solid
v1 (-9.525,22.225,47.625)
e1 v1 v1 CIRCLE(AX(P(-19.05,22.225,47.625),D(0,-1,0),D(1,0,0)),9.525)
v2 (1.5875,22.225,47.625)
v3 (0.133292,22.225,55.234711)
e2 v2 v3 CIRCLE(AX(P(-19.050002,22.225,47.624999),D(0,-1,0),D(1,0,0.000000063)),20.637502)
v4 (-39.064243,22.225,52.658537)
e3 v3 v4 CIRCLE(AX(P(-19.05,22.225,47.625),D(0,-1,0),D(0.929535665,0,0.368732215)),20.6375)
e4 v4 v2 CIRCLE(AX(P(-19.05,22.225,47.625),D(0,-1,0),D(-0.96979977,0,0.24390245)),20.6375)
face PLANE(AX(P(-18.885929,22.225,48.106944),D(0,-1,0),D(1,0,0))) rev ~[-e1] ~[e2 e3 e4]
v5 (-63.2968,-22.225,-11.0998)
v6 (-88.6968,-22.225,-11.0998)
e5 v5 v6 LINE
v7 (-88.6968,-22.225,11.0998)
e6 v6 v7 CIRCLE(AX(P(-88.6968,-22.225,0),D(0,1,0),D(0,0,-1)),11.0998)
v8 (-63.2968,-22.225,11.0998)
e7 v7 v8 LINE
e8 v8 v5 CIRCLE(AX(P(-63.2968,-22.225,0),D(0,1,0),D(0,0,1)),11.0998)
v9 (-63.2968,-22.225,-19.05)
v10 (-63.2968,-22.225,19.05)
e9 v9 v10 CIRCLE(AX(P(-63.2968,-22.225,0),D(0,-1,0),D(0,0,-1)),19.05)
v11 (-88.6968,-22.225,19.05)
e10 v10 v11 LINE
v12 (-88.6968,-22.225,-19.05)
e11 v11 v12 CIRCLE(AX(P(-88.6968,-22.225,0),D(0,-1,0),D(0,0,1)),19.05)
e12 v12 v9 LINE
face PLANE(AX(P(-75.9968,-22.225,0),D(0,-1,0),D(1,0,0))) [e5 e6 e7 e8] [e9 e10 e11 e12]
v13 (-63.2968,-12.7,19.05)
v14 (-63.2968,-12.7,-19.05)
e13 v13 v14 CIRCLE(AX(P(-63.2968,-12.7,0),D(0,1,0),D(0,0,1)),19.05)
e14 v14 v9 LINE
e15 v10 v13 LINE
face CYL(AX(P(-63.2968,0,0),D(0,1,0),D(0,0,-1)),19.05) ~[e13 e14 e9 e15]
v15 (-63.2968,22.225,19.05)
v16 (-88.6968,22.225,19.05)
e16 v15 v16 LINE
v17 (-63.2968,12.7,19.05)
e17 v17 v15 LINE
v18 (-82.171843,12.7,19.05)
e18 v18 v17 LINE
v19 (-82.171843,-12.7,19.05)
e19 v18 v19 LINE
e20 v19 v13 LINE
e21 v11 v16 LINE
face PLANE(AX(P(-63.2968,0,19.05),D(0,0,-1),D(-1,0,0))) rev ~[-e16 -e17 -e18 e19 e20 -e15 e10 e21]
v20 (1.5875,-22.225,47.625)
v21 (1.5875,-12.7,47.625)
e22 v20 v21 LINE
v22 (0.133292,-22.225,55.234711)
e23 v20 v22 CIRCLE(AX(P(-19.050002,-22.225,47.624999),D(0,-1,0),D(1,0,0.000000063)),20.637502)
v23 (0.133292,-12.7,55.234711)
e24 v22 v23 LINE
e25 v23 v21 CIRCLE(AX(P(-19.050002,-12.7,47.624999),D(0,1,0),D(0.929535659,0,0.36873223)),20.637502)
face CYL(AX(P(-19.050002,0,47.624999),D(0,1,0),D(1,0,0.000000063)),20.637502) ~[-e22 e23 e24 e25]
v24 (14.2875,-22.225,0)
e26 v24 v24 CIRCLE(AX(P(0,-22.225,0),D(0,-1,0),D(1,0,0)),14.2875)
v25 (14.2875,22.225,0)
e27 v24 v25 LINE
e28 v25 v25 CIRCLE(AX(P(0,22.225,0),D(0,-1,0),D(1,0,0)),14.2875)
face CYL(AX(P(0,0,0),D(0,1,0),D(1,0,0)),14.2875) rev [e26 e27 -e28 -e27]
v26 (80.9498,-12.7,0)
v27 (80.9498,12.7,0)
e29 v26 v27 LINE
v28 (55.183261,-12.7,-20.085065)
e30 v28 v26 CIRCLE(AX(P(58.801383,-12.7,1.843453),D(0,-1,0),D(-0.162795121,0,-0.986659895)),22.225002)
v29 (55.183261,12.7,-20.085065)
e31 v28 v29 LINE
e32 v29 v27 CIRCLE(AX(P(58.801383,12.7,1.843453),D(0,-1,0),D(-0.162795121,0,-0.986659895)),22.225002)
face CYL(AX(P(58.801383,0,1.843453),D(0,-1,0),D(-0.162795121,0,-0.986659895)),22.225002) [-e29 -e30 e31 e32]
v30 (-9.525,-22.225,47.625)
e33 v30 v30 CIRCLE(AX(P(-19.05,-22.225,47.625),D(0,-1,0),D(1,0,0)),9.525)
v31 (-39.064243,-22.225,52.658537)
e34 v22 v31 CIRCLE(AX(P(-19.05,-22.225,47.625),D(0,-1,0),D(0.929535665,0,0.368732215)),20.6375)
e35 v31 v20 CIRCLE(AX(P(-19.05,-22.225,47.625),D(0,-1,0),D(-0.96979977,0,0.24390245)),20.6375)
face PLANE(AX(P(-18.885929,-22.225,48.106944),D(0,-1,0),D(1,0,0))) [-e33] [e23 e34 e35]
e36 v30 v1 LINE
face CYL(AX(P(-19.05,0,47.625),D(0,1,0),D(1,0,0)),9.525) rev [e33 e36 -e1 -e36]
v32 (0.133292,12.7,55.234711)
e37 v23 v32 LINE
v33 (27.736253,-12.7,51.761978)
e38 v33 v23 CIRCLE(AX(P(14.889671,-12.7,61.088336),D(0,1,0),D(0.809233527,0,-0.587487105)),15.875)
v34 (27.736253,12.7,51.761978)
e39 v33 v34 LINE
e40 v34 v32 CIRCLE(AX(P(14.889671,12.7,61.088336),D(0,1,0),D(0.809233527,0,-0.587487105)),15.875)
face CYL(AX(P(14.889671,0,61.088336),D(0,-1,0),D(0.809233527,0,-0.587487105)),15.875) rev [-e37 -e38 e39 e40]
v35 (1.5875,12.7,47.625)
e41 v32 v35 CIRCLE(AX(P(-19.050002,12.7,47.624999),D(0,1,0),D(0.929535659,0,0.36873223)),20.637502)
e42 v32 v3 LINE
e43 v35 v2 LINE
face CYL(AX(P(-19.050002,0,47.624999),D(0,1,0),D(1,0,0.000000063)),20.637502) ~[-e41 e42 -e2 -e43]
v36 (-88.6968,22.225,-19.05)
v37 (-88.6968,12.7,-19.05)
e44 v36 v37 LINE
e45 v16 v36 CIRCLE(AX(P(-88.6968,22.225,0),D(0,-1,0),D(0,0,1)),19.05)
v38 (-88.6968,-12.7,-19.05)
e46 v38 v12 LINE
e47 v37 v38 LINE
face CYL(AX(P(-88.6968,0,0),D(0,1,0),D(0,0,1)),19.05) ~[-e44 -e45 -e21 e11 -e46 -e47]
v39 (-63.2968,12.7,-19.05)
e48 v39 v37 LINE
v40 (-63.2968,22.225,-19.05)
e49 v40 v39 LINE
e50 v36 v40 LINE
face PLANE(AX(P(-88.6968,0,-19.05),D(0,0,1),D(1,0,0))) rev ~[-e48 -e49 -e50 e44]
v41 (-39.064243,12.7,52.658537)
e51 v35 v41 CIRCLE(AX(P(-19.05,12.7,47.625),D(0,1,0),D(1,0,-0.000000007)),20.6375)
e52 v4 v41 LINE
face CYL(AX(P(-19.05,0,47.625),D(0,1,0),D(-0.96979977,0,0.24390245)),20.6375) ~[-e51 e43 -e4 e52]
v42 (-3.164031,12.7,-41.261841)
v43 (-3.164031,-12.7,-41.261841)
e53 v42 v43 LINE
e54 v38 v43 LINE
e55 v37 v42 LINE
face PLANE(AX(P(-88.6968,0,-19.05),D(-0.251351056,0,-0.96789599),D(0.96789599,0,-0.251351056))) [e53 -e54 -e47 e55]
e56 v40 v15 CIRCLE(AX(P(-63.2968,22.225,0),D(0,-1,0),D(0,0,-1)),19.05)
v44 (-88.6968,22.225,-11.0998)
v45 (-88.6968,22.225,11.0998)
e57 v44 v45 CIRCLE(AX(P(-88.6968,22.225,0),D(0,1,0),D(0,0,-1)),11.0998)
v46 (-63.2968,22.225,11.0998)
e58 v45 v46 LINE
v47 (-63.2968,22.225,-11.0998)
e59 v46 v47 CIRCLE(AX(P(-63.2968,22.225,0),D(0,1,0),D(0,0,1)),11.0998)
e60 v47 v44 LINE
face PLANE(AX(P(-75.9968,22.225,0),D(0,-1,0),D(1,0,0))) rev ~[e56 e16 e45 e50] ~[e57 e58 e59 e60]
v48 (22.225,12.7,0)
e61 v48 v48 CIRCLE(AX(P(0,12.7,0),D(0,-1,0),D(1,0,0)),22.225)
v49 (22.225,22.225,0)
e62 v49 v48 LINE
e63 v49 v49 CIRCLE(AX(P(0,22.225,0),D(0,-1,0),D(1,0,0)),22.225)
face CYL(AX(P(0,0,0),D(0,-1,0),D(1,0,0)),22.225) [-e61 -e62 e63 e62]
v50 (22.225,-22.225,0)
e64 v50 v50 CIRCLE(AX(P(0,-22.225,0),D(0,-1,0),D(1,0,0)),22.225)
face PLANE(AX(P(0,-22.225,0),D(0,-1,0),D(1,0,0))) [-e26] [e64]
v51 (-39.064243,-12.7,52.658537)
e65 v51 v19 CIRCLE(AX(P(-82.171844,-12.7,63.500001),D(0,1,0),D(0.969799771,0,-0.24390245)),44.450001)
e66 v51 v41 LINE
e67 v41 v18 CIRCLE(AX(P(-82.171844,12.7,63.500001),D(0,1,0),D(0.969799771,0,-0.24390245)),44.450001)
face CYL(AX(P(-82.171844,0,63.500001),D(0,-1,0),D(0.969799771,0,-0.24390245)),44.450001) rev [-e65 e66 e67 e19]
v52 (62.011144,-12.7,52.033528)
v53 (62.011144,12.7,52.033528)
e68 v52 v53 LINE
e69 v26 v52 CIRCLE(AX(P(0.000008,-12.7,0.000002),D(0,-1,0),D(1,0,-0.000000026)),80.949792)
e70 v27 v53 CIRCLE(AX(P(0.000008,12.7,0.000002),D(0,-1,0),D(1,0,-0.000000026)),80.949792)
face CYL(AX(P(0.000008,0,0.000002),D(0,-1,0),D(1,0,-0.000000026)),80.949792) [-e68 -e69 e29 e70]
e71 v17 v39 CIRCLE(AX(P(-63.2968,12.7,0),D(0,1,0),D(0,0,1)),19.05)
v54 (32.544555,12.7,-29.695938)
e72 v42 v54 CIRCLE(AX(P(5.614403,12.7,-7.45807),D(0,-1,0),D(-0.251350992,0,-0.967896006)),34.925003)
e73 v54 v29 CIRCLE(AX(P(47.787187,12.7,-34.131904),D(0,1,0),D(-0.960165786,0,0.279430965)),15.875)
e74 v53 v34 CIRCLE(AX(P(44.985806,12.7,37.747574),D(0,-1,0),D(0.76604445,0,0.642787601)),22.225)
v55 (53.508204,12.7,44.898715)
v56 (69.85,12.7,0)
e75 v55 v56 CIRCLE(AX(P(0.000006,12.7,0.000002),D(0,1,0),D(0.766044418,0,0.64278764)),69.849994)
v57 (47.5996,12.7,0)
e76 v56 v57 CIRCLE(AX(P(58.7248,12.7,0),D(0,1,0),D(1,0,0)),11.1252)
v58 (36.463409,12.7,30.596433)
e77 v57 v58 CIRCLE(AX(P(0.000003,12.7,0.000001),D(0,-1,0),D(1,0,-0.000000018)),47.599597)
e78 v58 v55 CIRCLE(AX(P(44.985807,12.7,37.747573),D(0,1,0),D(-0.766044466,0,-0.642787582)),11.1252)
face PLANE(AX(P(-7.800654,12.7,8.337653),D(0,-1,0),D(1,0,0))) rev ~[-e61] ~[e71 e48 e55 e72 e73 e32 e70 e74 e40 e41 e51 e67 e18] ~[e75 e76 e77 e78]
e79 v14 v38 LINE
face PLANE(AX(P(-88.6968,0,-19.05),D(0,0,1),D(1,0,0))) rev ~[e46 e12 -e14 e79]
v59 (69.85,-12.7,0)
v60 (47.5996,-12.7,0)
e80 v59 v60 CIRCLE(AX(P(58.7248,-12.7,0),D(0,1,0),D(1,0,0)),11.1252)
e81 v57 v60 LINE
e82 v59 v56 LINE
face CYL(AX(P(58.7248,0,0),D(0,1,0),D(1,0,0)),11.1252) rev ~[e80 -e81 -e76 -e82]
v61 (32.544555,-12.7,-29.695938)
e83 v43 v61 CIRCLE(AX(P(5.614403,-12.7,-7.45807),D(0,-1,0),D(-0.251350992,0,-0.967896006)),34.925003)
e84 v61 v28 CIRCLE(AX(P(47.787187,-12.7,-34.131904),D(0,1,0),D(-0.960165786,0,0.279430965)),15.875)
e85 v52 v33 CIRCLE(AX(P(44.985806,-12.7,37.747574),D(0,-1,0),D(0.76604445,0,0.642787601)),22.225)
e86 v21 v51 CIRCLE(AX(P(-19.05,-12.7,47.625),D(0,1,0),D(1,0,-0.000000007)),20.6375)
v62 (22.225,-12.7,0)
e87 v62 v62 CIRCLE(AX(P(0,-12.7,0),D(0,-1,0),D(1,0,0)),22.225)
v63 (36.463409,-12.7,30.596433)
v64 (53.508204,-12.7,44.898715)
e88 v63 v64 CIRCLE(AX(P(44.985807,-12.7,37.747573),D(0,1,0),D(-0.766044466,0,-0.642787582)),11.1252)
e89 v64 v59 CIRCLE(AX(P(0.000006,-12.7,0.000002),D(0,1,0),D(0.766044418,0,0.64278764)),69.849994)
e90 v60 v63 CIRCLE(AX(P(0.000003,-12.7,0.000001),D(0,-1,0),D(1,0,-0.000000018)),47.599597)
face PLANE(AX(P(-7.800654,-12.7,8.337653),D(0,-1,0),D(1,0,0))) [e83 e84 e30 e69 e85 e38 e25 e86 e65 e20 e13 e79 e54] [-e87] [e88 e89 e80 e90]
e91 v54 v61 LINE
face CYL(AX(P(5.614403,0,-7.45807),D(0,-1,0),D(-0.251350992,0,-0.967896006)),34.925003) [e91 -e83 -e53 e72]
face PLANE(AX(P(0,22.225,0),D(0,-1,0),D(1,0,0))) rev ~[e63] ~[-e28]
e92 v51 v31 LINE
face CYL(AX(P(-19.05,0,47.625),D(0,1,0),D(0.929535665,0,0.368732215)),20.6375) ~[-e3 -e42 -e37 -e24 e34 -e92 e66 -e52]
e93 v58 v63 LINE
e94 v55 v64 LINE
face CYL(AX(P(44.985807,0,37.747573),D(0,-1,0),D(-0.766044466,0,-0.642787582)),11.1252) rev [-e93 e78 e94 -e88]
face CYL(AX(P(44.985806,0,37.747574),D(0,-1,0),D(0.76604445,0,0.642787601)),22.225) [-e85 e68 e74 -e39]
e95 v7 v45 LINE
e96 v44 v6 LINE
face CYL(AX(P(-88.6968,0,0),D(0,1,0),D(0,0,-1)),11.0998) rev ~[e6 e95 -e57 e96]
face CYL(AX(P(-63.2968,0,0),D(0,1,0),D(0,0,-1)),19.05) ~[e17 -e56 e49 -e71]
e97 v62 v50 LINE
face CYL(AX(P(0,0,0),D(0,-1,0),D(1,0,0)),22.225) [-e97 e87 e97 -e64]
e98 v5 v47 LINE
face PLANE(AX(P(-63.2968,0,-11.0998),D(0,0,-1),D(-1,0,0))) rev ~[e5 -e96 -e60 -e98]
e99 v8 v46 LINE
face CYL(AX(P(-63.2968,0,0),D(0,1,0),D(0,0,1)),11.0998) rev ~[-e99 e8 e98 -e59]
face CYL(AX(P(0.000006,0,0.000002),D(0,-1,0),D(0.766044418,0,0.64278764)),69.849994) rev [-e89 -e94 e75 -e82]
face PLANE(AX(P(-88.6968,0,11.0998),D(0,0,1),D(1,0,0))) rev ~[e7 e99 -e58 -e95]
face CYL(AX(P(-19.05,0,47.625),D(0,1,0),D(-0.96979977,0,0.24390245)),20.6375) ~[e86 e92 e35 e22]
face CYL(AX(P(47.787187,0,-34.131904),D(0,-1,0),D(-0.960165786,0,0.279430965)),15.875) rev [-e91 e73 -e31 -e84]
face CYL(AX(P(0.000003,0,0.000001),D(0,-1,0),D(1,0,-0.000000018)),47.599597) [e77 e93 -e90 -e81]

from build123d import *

# Parameters (mm, degrees)
F0_R     = 22.225
F1_DEPTH = 12.7
F0_R_2   = 9.525
F0_R_3   = 14.2875
F2_DEPTH = 22.225


with BuildPart() as f1:
    # F0 (on Front) → F1 (new body, symmetric)
    with BuildSketch(Plane.XZ):
        with BuildLine():
            ThreePointArc((-39.064243, 52.658537), (-54.841462, 28.445004), (-82.171843, 19.05))
            Line((-82.171843, 19.05), (-63.2968, 19.05))
            ThreePointArc((-63.2968, 19.05), (-44.2468, 0), (-63.2968, -19.05))
            Line((-63.2968, -19.05), (-88.6968, -19.05))
            Line((-88.6968, -19.05), (-3.164031, -41.261841))
            ThreePointArc((-3.164031, -41.261841), (16.376083, -40.683694), (32.544555, -29.695938))
            ThreePointArc((32.544555, -29.695938), (41.583612, -19.519195), (55.183261, -20.085065))
            ThreePointArc((55.183261, -20.085065), (72.465036, -15.685246), (80.9498, 0))
            ThreePointArc((80.9498, 0), (76.06793, 27.686462), (62.011144, 52.033528))
            ThreePointArc((62.011144, 52.033528), (44.80973, 59.971876), (27.736253, 51.761978))
            ThreePointArc((27.736253, 51.761978), (12.908055, 45.3375), (0.133292, 55.234711))
            ThreePointArc((0.133292, 55.234711), (1.220688, 51.498707), (1.5875, 47.625))
            ThreePointArc((1.5875, 47.625), (-21.585988, 27.143907), (-39.064243, 52.658537))
        make_face()
        Circle(F0_R, mode=Mode.SUBTRACT)
        with BuildLine():
            ThreePointArc((69.85, 0), (58.7248, -11.1252), (47.5996, 0))
            ThreePointArc((47.5996, 0), (44.728993, 16.280022), (36.463409, 30.596433))
            ThreePointArc((36.463409, 30.596433), (37.834666, 46.269971), (53.508204, 44.898715))
            ThreePointArc((53.508204, 44.898715), (65.63753, 23.890107), (69.85, 0))
        make_face(mode=Mode.SUBTRACT)
    extrude(amount=F1_DEPTH, both=True)

    # F0 (on Front) → F2 (join, symmetric)
    with BuildSketch(Plane.XZ):
        with BuildLine():
            ThreePointArc((0.133292, 55.234711), (-20.403436, 68.218072), (-39.064243, 52.658537))
            ThreePointArc((-39.064243, 52.658537), (-21.585988, 27.143907), (1.5875, 47.625))
            ThreePointArc((1.5875, 47.625), (1.220688, 51.498707), (0.133292, 55.234711))
        make_face()
        with Locations((-19.05, 47.625)):
            Circle(F0_R_2, mode=Mode.SUBTRACT)
        with BuildLine():
            Line((-82.171843, 19.05), (-88.6968, 19.05))
            ThreePointArc((-88.6968, 19.05), (-107.7468, 0), (-88.6968, -19.05))
            Line((-88.6968, -19.05), (-63.2968, -19.05))
            ThreePointArc((-63.2968, -19.05), (-44.2468, 0), (-63.2968, 19.05))
            Line((-63.2968, 19.05), (-82.171843, 19.05))
        make_face()
        with BuildLine():
            ThreePointArc((-88.6968, -11.0998), (-99.7966, 0), (-88.6968, 11.0998))
            Line((-88.6968, 11.0998), (-63.2968, 11.0998))
            ThreePointArc((-63.2968, 11.0998), (-52.197, 0), (-63.2968, -11.0998))
            Line((-63.2968, -11.0998), (-88.6968, -11.0998))
        make_face(mode=Mode.SUBTRACT)
        Circle(F0_R)
        Circle(F0_R_3, mode=Mode.SUBTRACT)
    extrude(amount=F2_DEPTH, both=True)


solid = f1.part
